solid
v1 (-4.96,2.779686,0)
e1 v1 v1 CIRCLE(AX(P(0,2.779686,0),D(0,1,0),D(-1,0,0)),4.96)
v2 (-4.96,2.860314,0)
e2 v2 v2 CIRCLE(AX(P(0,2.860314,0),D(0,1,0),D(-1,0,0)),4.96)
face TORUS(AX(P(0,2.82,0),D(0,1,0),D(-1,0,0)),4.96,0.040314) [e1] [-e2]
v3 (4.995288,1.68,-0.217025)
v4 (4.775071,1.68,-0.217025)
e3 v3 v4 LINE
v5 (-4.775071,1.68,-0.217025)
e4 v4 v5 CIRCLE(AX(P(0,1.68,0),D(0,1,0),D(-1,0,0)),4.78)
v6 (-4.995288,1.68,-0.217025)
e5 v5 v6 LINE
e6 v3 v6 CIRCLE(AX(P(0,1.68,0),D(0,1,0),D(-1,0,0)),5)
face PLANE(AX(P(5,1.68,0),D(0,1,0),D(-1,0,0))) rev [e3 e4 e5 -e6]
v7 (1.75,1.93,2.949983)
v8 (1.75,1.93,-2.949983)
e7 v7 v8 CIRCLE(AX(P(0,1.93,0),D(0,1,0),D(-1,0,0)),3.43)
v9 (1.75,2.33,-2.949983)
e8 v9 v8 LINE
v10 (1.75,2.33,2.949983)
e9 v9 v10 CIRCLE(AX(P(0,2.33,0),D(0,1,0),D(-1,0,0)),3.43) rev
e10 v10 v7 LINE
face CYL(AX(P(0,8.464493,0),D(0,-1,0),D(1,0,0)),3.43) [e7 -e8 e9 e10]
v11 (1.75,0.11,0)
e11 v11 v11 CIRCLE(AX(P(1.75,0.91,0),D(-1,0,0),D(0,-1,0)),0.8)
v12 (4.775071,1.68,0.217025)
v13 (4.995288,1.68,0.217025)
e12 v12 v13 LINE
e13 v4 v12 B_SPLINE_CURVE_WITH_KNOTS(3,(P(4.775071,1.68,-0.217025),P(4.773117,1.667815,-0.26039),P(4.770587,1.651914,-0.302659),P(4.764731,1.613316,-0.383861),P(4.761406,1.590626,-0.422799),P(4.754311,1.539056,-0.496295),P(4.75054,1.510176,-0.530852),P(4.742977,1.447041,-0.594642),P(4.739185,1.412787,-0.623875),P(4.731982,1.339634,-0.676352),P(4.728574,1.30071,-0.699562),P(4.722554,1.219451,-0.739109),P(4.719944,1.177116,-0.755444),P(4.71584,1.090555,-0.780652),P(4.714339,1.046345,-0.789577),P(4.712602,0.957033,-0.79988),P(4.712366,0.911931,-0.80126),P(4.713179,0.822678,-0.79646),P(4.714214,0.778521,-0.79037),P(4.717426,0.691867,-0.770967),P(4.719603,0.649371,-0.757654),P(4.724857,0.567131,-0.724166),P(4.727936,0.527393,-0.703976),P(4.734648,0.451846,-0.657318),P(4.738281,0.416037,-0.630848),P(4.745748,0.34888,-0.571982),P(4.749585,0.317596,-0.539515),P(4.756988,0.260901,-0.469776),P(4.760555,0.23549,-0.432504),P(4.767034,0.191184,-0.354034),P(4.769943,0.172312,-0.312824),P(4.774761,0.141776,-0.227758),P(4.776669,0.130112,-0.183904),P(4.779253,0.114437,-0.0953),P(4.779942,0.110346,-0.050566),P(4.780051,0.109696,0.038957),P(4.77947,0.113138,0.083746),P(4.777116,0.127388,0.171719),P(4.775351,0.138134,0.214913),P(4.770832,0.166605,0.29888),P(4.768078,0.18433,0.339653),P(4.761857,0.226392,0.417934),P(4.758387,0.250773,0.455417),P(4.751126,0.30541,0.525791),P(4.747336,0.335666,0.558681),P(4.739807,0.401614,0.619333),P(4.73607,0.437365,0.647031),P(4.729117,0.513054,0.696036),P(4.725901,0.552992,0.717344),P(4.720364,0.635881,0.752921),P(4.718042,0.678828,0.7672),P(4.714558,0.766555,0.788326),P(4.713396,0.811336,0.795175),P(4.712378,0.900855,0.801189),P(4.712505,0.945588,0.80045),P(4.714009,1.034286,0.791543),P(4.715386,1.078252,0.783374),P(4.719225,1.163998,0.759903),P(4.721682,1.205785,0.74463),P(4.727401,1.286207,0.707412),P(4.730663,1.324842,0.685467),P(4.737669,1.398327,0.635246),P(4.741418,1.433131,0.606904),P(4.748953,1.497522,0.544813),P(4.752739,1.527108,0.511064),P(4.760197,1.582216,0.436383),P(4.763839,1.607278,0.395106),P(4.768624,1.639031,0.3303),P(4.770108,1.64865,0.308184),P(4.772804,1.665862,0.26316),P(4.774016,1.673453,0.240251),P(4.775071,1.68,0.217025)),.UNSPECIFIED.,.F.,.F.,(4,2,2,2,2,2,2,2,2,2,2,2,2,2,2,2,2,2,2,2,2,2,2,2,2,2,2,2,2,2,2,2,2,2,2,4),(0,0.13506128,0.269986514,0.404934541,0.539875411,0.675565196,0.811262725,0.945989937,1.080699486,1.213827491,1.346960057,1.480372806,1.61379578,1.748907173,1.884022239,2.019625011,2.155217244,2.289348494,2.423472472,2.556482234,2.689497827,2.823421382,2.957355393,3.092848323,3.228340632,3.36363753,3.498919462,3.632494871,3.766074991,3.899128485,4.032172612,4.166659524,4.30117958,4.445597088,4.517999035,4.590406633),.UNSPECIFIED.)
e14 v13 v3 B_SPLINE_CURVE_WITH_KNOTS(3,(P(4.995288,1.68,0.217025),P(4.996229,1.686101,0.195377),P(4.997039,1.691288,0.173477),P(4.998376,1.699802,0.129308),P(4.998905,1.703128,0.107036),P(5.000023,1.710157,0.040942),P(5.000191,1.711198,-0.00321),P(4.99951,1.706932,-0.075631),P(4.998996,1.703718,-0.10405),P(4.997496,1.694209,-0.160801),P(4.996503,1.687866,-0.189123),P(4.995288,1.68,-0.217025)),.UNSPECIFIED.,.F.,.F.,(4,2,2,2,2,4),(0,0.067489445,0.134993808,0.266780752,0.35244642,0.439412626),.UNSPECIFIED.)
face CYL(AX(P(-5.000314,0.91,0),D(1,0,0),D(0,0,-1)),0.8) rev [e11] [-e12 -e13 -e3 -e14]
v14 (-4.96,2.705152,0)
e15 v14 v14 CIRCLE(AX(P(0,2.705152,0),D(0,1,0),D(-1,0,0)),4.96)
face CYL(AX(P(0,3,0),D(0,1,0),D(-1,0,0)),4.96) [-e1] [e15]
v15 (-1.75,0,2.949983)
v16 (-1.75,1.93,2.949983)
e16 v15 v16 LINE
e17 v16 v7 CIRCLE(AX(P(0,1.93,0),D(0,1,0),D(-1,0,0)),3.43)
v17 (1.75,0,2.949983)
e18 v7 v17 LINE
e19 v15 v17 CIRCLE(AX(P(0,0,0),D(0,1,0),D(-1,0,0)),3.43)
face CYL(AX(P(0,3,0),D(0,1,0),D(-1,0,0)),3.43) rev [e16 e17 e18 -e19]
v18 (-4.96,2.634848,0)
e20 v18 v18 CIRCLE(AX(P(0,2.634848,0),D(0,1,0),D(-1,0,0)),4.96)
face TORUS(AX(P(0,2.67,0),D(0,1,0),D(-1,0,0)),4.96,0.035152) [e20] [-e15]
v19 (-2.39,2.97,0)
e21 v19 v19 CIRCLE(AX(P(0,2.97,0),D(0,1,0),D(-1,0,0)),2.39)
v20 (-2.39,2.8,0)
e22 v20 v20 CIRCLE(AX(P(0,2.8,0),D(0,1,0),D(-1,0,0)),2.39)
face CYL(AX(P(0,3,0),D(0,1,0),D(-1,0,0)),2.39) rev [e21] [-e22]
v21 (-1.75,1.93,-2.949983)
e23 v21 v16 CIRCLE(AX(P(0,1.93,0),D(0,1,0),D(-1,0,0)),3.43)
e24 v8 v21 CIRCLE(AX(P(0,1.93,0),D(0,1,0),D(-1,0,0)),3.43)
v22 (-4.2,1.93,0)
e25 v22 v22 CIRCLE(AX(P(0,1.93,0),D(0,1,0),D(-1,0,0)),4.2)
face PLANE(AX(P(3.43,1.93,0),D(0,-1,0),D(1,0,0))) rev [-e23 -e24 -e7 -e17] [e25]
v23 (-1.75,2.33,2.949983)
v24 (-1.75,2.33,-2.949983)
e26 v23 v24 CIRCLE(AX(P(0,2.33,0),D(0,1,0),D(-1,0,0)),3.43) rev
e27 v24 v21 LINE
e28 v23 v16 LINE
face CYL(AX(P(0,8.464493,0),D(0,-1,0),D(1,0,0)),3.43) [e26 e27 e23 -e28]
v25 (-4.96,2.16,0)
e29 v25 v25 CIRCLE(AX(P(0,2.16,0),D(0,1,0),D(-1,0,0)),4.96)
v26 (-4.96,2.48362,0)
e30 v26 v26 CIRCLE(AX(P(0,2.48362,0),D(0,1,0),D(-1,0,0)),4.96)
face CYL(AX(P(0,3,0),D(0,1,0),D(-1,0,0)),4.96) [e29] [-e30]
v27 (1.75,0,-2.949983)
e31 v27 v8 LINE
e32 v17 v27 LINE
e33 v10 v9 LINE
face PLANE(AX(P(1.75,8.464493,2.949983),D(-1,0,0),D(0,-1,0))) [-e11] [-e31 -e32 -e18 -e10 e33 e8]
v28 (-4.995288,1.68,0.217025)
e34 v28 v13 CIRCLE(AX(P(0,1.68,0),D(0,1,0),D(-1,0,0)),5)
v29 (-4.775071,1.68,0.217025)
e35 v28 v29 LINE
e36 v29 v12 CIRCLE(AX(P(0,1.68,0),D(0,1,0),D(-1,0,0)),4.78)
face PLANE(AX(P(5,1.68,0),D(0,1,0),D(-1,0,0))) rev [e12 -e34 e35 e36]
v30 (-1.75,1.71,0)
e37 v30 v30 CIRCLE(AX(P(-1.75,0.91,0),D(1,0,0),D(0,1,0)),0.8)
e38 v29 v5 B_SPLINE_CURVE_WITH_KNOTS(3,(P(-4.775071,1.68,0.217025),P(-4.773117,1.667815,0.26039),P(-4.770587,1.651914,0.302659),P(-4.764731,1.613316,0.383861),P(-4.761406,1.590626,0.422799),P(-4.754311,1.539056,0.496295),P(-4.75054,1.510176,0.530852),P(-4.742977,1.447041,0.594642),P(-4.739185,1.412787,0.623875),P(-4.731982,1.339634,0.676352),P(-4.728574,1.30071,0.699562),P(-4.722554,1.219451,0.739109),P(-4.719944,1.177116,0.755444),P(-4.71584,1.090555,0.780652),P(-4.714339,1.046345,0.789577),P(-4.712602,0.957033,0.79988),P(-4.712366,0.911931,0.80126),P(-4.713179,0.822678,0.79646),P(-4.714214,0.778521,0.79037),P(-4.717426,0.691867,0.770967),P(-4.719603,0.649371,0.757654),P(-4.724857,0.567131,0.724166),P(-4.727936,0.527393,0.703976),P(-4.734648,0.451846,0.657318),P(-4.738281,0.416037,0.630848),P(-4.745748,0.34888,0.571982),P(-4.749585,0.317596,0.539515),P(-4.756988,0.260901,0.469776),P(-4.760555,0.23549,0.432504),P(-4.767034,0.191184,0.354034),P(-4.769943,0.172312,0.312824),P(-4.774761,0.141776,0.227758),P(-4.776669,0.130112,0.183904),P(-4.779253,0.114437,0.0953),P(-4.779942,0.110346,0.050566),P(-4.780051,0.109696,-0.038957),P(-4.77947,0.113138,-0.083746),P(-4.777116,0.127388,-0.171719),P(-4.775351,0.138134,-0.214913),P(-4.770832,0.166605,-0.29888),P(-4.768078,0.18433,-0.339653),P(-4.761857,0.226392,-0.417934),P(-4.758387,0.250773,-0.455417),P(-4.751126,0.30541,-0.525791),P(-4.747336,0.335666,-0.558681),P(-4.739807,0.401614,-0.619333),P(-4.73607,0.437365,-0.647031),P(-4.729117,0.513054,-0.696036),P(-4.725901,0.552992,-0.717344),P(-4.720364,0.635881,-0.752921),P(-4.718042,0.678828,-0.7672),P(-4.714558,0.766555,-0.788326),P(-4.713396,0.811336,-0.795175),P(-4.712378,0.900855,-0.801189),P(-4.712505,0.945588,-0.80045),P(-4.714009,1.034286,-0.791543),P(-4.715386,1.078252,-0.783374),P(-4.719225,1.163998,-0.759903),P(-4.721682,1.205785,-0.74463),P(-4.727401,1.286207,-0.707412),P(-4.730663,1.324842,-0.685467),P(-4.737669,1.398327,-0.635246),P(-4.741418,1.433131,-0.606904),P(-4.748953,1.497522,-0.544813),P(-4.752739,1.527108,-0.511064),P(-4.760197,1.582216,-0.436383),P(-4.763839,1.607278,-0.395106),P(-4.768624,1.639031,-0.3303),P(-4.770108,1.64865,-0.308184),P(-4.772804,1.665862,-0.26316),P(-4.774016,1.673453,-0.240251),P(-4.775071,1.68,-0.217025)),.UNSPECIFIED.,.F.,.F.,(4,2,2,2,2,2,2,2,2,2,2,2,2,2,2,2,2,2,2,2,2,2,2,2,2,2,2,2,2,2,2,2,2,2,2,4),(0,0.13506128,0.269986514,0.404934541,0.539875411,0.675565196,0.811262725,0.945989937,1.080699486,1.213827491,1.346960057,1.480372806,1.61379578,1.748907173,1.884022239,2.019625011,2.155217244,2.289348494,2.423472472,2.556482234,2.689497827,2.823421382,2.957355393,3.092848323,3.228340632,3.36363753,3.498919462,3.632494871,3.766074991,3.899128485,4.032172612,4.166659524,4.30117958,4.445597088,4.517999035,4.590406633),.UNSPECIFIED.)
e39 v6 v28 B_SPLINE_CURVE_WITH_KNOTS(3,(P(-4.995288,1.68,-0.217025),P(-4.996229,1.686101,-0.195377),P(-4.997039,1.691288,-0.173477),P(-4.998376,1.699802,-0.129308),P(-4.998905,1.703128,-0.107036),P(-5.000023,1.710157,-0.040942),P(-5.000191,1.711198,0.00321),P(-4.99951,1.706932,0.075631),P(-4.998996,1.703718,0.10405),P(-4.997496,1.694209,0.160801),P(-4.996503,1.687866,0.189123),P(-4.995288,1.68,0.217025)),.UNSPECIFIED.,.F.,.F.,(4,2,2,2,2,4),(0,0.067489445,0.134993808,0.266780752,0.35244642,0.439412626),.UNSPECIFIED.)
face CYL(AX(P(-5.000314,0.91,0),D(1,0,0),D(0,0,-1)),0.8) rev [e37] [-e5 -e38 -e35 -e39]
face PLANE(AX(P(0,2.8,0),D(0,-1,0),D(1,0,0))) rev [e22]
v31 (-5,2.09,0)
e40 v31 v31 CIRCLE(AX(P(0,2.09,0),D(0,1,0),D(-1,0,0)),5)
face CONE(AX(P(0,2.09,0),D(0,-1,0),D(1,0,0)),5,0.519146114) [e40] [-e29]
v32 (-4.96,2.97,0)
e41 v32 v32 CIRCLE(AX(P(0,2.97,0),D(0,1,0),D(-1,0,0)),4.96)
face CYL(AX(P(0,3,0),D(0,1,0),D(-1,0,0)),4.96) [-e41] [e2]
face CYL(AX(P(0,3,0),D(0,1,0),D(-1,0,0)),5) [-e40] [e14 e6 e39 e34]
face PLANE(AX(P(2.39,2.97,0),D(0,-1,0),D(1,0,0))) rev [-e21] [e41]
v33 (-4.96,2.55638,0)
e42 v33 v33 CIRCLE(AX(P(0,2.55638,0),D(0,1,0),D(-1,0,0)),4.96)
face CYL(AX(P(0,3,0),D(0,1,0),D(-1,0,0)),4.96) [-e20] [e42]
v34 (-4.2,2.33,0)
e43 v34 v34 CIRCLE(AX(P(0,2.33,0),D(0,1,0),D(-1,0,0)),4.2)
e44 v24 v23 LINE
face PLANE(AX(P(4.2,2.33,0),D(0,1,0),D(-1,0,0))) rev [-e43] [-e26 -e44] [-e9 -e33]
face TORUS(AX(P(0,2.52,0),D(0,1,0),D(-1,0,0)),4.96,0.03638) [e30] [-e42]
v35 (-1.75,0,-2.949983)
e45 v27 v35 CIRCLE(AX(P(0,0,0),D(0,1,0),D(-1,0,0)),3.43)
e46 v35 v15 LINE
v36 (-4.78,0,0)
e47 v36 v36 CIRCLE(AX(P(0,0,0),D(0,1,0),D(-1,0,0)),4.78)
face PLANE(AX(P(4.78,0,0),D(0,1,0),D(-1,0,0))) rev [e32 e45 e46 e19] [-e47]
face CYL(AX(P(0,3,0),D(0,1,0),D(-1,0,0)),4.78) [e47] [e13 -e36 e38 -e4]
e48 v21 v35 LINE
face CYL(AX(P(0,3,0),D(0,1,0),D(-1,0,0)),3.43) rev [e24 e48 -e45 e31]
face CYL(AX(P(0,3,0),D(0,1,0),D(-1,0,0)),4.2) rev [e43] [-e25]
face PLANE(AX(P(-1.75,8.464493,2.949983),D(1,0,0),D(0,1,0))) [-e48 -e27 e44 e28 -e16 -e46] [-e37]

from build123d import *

# Parameters (mm, degrees)
BOSS_EXTRUDE1_REACH     = 9.67
CUT_EXTRUDE1_DEPTH      = 8.669887472
CUT_EXTRUDE1_DEPTH_BACK = 8.669887472
SKETCH3_R               = 0.8


with BuildPart() as part:
    # Sketch1 → Revolve1 (revolve)
    with BuildSketch(Plane.XY, mode=Mode.PRIVATE) as revolve1_sk:
        with BuildLine():
            Line((3.43, 0), (3.43, 1.93))
            Line((3.43, 1.93), (4.2, 1.93))
            Line((4.2, 1.93), (4.2, 2.33))
            Line((4.2, 2.33), (0, 2.33))
            Line((0, 2.33), (0, 2.8))
            Line((0, 2.8), (2.39, 2.8))
            Line((2.39, 2.8), (2.39, 2.97))
            Line((2.39, 2.97), (4.96, 2.97))
            Line((4.96, 2.97), (4.96, 2.860313582))
            ThreePointArc((4.96, 2.860313582), (5.000313582, 2.82), (4.96, 2.779686418))
            Line((4.96, 2.779686418), (4.96, 2.705152359))
            ThreePointArc((4.96, 2.705152359), (4.995152359, 2.67), (4.96, 2.634847641))
            Line((4.96, 2.634847641), (4.96, 2.556379712))
            ThreePointArc((4.96, 2.556379712), (4.996379712, 2.52), (4.96, 2.483620288))
            Line((4.96, 2.483620288), (4.96, 2.16))
            Line((4.96, 2.16), (5, 2.09))
            Line((5, 2.09), (5, 1.68))
            Line((5, 1.68), (4.78, 1.68))
            Line((4.78, 1.68), (4.78, 0))
            Line((4.78, 0), (3.43, 0))
        make_face()
    revolve(revolve1_sk.sketch.rotate(Axis((0, 3, 0), (0, -1, 0)), 180), axis=Axis((0, 3, 0), (0, -1, 0)))

    # Boss-Extrude1: up to this face of the body (flat: up to its plane)
    boss_extrude1_end = Plane(part.part.faces().sort_by_distance((0, 2.33, 0))[0])
    # Sketch2 → Boss-Extrude1 (add, up to the picked face)
    with BuildSketch(Plane.XZ, mode=Mode.PRIVATE) as boss_extrude1_sk1:
        with BuildLine():
            Line((-1.75, 2.949983051), (-1.75, -2.949983051))
            ThreePointArc((-1.75, -2.949983051), (-3.43, 0), (-1.75, 2.949983051))
        make_face()
    boss_extrude1_tool1 = split(extrude(boss_extrude1_sk1.sketch, amount=-BOSS_EXTRUDE1_REACH, mode=Mode.PRIVATE), bisect_by=boss_extrude1_end, keep=Keep.BOTH, mode=Mode.PRIVATE)
    # Sketch2 → Boss-Extrude1 (add, up to the picked face)
    with BuildSketch(Plane.XZ, mode=Mode.PRIVATE) as boss_extrude1_sk2:
        with BuildLine():
            Line((1.75, 2.949983051), (1.75, -2.949983051))
            ThreePointArc((1.75, -2.949983051), (3.43, 0), (1.75, 2.949983051))
        make_face()
    boss_extrude1_tool2 = split(extrude(boss_extrude1_sk2.sketch, amount=-BOSS_EXTRUDE1_REACH, mode=Mode.PRIVATE), bisect_by=boss_extrude1_end, keep=Keep.BOTH, mode=Mode.PRIVATE)
    add(boss_extrude1_tool1.solids().sort_by(Axis((-2.438465, 0, 0), (0, 1, 0)))[0])
    add(boss_extrude1_tool2.solids().sort_by(Axis((2.438465, 0, 0), (0, 1, 0)))[0])

    # Sketch3 → Cut-Extrude1 (cut, two sides: drawn at the far end of the back side and taken through both)
    with BuildSketch(Plane(origin=(0, 0, 0), x_dir=(0, 0, -1), z_dir=(1, 0, 0)).offset(-CUT_EXTRUDE1_DEPTH_BACK)):
        with Locations(Location((0, 0.91, 0), (0, 0, 74.259451475))):
            Circle(SKETCH3_R)
    extrude(amount=CUT_EXTRUDE1_DEPTH + CUT_EXTRUDE1_DEPTH_BACK, mode=Mode.SUBTRACT)


solid = part.part
